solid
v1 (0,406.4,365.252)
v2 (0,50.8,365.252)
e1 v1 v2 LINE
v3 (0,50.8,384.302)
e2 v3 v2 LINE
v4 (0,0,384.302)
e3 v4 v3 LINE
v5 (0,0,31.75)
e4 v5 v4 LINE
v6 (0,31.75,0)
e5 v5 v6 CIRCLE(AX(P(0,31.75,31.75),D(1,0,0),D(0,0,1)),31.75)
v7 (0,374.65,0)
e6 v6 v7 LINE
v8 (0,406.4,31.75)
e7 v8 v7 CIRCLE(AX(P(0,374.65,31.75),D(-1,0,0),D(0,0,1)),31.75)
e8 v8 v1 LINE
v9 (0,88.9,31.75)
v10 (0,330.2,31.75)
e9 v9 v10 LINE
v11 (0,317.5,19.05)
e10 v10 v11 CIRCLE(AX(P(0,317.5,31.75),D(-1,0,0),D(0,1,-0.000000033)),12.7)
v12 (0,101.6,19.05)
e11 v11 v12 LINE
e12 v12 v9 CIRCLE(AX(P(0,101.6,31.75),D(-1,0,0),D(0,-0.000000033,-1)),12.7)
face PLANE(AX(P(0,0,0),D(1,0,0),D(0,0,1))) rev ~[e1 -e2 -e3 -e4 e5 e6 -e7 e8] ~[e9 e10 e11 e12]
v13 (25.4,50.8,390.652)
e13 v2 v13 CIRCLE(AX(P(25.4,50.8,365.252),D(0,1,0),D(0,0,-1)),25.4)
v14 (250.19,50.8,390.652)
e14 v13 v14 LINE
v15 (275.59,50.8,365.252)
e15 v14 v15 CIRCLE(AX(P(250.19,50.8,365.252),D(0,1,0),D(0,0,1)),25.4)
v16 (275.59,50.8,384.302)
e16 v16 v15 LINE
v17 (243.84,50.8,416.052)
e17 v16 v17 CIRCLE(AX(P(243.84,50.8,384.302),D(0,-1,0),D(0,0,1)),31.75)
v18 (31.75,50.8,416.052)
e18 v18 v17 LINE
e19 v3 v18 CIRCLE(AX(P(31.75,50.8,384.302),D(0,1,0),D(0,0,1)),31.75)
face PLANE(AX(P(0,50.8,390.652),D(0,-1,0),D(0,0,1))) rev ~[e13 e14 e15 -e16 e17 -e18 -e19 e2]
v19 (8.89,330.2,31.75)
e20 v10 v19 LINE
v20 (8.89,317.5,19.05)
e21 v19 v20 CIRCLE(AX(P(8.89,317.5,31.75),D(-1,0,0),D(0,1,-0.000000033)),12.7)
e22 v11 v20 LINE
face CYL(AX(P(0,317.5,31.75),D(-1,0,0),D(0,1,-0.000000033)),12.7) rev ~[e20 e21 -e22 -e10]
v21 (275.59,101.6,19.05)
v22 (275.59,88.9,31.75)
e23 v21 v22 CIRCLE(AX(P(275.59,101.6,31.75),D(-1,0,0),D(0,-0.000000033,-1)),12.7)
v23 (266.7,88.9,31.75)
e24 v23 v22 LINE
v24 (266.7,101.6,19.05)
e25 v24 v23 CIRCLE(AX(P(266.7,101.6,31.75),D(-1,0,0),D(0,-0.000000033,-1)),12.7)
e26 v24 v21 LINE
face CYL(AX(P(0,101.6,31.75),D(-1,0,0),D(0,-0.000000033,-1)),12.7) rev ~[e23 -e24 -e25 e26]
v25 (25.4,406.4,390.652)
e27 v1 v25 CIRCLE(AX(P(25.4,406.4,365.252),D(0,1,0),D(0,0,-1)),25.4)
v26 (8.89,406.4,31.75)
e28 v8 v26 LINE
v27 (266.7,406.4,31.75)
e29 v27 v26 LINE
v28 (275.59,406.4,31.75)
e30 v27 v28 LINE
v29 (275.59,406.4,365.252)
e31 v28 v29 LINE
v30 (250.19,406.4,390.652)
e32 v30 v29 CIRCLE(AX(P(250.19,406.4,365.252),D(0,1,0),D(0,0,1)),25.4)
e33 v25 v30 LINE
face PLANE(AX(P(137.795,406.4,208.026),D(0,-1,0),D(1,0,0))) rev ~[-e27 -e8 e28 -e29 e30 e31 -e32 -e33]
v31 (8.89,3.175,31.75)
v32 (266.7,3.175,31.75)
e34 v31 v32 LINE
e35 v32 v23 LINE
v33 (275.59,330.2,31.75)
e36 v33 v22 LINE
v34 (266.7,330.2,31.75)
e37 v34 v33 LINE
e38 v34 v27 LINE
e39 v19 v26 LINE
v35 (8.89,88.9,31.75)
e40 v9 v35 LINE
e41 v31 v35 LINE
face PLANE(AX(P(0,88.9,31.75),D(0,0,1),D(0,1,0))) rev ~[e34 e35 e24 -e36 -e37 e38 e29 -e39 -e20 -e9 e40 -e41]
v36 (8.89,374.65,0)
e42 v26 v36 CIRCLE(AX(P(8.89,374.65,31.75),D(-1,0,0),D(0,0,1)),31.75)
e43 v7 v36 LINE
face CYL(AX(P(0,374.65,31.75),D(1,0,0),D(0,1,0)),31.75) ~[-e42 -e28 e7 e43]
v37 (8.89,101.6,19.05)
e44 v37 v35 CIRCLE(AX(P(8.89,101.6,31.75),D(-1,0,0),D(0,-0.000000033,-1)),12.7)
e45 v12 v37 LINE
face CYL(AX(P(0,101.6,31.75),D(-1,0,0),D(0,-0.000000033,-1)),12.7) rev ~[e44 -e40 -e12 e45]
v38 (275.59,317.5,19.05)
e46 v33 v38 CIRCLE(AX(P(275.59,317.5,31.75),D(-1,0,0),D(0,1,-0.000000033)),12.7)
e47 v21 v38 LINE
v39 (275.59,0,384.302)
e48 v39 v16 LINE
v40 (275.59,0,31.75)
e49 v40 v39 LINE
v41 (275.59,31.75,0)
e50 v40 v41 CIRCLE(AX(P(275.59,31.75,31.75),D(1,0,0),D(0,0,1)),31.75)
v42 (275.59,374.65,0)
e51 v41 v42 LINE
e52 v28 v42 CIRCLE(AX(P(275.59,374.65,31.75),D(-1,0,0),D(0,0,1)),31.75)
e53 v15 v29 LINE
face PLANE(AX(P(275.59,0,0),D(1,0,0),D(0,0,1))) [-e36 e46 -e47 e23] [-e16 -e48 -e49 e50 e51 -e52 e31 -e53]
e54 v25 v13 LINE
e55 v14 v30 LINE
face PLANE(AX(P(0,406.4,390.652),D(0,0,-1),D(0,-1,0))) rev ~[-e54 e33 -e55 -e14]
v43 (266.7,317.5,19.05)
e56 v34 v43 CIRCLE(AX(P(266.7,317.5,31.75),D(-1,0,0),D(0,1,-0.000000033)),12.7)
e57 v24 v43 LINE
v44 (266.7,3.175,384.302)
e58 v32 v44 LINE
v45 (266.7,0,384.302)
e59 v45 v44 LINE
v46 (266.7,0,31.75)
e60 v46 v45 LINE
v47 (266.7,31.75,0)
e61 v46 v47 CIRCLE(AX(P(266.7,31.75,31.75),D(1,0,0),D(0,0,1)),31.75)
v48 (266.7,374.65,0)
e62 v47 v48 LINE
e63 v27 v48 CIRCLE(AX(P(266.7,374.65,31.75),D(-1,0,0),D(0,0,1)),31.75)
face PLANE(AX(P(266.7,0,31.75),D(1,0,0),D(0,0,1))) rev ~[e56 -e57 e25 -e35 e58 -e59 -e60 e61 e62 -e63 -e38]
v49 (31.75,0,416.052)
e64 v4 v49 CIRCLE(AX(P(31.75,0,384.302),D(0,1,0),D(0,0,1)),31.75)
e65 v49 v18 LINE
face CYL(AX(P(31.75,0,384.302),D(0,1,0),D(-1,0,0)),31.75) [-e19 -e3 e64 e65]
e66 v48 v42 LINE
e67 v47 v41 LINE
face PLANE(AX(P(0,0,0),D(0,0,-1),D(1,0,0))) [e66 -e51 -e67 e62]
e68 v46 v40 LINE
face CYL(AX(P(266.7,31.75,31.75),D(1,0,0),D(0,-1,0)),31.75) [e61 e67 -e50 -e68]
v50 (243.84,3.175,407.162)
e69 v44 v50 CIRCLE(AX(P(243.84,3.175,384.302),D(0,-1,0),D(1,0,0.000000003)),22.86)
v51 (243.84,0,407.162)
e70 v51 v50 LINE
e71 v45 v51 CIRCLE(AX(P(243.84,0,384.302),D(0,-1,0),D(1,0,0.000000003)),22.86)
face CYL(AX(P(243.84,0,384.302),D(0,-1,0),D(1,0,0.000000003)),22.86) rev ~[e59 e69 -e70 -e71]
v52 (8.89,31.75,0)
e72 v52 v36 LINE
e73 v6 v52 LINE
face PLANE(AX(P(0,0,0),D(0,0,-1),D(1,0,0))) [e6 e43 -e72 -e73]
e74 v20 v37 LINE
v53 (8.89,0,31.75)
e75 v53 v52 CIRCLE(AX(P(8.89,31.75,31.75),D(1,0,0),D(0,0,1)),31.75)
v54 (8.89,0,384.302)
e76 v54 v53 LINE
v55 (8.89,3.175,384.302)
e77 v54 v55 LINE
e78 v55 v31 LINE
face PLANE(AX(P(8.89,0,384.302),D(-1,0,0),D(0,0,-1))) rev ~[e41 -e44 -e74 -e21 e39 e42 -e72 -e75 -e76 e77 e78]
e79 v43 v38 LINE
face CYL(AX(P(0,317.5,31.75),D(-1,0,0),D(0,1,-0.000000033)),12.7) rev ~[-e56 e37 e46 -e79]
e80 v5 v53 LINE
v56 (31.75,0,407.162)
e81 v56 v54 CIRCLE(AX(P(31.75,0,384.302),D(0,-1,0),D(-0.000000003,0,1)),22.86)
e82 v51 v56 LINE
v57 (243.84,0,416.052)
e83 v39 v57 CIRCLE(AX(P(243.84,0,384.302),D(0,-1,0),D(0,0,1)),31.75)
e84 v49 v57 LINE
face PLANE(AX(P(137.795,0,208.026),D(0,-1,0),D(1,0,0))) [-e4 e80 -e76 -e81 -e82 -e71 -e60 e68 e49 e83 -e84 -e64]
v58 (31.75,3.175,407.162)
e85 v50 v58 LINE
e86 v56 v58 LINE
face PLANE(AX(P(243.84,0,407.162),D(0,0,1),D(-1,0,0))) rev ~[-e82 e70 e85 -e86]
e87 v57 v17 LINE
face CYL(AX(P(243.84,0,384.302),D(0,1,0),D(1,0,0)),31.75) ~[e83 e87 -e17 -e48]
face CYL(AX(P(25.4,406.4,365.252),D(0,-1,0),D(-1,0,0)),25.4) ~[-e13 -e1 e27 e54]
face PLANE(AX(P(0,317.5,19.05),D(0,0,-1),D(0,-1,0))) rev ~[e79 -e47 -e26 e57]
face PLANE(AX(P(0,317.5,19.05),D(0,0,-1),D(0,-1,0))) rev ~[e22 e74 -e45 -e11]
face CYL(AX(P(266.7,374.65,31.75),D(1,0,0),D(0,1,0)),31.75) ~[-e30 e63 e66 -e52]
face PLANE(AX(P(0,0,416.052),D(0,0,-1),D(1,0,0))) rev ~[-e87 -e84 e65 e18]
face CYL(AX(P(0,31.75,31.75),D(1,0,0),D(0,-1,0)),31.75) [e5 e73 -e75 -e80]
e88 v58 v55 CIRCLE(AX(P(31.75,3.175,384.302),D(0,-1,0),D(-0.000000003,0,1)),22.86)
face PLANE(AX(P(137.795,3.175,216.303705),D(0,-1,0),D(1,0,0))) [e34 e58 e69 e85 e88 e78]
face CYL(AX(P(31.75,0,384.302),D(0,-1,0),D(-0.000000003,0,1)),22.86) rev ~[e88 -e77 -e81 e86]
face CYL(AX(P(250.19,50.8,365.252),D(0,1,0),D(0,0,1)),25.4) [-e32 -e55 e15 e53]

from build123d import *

# Parameters (mm, degrees)
F0_W      = 275.59
F0_H      = 416.052
F1_DEPTH  = 406.4
F3_DEPTH  = 406.401
F4_W      = 355.6
F4_H      = 25.4
F5_DEPTH  = 275.591
F6_R      = 31.75
F7_R      = 25.4
F8_R      = 31.75
F10_DEPTH = 3.175


with BuildPart() as f1:
    # F0 (on Front) → F1 (new body)
    with BuildSketch(Plane.XZ):
        with Locations((137.795, 208.026)):
            Rectangle(F0_W, F0_H)
    extrude(amount=-F1_DEPTH)

    # F2 (on face) → F3 (cut, through all)
    with BuildSketch(Plane.XZ):
        Polygon((8.89, 31.75), (8.89, 0), (137.795, 0), (266.7, 0), (266.7, 31.75), (137.795, 31.75), align=None)
    extrude(amount=-F3_DEPTH, mode=Mode.SUBTRACT)

    # F4 (on face) → F5 (cut, through all)
    with BuildSketch(Plane(origin=(0, 0, 0), x_dir=(0, -1, 0), z_dir=(-1, 0, 0))):
        with Locations((-228.6, 403.352)):
            Rectangle(F4_W, F4_H)
        with BuildLine():
            ThreePointArc((-330.2, 31.75), (-326.480256, 22.769744), (-317.5, 19.05))
            Line((-317.5, 19.05), (-101.6, 19.05))
            ThreePointArc((-101.6, 19.05), (-92.619744, 22.769744), (-88.9, 31.75))
            Line((-88.9, 31.75), (-330.2, 31.75))
        make_face()
    extrude(amount=-F5_DEPTH, mode=Mode.SUBTRACT)

    # F6
    f6_edges = [f1.edges().sort_by_distance(p)[0] for p in [
        (4.445, 406.4, 0),
        (271.145, 406.4, 0),
        (271.145, 0, 0),
        (4.445, 0, 0),
    ]]
    fillet(f6_edges, radius=F6_R)

    # F7
    f7_edges = [f1.edges().sort_by_distance(p)[0] for p in [
        (0, 228.6, 390.652),
        (275.59, 228.6, 390.652),
    ]]
    fillet(f7_edges, radius=F7_R)

    # F8
    f8_edges = [f1.edges().sort_by_distance(p)[0] for p in [
        (275.59, 25.4, 416.052),
        (0, 25.4, 416.052),
    ]]
    fillet(f8_edges, radius=F8_R)

    # F9 (on face) → F10 (cut)
    with BuildSketch(Plane.XZ):
        with BuildLine():
            Line((8.89, 384.302), (8.89, 31.75))
            Line((8.89, 31.75), (266.7, 31.75))
            Line((266.7, 31.75), (266.7, 384.302))
            ThreePointArc((266.7, 384.302), (260.004461, 400.466461), (243.84, 407.162))
            Line((243.84, 407.162), (31.75, 407.162))
            ThreePointArc((31.75, 407.162), (15.585539, 400.466461), (8.89, 384.302))
        make_face()
    extrude(amount=-F10_DEPTH, mode=Mode.SUBTRACT)


solid = f1.part
